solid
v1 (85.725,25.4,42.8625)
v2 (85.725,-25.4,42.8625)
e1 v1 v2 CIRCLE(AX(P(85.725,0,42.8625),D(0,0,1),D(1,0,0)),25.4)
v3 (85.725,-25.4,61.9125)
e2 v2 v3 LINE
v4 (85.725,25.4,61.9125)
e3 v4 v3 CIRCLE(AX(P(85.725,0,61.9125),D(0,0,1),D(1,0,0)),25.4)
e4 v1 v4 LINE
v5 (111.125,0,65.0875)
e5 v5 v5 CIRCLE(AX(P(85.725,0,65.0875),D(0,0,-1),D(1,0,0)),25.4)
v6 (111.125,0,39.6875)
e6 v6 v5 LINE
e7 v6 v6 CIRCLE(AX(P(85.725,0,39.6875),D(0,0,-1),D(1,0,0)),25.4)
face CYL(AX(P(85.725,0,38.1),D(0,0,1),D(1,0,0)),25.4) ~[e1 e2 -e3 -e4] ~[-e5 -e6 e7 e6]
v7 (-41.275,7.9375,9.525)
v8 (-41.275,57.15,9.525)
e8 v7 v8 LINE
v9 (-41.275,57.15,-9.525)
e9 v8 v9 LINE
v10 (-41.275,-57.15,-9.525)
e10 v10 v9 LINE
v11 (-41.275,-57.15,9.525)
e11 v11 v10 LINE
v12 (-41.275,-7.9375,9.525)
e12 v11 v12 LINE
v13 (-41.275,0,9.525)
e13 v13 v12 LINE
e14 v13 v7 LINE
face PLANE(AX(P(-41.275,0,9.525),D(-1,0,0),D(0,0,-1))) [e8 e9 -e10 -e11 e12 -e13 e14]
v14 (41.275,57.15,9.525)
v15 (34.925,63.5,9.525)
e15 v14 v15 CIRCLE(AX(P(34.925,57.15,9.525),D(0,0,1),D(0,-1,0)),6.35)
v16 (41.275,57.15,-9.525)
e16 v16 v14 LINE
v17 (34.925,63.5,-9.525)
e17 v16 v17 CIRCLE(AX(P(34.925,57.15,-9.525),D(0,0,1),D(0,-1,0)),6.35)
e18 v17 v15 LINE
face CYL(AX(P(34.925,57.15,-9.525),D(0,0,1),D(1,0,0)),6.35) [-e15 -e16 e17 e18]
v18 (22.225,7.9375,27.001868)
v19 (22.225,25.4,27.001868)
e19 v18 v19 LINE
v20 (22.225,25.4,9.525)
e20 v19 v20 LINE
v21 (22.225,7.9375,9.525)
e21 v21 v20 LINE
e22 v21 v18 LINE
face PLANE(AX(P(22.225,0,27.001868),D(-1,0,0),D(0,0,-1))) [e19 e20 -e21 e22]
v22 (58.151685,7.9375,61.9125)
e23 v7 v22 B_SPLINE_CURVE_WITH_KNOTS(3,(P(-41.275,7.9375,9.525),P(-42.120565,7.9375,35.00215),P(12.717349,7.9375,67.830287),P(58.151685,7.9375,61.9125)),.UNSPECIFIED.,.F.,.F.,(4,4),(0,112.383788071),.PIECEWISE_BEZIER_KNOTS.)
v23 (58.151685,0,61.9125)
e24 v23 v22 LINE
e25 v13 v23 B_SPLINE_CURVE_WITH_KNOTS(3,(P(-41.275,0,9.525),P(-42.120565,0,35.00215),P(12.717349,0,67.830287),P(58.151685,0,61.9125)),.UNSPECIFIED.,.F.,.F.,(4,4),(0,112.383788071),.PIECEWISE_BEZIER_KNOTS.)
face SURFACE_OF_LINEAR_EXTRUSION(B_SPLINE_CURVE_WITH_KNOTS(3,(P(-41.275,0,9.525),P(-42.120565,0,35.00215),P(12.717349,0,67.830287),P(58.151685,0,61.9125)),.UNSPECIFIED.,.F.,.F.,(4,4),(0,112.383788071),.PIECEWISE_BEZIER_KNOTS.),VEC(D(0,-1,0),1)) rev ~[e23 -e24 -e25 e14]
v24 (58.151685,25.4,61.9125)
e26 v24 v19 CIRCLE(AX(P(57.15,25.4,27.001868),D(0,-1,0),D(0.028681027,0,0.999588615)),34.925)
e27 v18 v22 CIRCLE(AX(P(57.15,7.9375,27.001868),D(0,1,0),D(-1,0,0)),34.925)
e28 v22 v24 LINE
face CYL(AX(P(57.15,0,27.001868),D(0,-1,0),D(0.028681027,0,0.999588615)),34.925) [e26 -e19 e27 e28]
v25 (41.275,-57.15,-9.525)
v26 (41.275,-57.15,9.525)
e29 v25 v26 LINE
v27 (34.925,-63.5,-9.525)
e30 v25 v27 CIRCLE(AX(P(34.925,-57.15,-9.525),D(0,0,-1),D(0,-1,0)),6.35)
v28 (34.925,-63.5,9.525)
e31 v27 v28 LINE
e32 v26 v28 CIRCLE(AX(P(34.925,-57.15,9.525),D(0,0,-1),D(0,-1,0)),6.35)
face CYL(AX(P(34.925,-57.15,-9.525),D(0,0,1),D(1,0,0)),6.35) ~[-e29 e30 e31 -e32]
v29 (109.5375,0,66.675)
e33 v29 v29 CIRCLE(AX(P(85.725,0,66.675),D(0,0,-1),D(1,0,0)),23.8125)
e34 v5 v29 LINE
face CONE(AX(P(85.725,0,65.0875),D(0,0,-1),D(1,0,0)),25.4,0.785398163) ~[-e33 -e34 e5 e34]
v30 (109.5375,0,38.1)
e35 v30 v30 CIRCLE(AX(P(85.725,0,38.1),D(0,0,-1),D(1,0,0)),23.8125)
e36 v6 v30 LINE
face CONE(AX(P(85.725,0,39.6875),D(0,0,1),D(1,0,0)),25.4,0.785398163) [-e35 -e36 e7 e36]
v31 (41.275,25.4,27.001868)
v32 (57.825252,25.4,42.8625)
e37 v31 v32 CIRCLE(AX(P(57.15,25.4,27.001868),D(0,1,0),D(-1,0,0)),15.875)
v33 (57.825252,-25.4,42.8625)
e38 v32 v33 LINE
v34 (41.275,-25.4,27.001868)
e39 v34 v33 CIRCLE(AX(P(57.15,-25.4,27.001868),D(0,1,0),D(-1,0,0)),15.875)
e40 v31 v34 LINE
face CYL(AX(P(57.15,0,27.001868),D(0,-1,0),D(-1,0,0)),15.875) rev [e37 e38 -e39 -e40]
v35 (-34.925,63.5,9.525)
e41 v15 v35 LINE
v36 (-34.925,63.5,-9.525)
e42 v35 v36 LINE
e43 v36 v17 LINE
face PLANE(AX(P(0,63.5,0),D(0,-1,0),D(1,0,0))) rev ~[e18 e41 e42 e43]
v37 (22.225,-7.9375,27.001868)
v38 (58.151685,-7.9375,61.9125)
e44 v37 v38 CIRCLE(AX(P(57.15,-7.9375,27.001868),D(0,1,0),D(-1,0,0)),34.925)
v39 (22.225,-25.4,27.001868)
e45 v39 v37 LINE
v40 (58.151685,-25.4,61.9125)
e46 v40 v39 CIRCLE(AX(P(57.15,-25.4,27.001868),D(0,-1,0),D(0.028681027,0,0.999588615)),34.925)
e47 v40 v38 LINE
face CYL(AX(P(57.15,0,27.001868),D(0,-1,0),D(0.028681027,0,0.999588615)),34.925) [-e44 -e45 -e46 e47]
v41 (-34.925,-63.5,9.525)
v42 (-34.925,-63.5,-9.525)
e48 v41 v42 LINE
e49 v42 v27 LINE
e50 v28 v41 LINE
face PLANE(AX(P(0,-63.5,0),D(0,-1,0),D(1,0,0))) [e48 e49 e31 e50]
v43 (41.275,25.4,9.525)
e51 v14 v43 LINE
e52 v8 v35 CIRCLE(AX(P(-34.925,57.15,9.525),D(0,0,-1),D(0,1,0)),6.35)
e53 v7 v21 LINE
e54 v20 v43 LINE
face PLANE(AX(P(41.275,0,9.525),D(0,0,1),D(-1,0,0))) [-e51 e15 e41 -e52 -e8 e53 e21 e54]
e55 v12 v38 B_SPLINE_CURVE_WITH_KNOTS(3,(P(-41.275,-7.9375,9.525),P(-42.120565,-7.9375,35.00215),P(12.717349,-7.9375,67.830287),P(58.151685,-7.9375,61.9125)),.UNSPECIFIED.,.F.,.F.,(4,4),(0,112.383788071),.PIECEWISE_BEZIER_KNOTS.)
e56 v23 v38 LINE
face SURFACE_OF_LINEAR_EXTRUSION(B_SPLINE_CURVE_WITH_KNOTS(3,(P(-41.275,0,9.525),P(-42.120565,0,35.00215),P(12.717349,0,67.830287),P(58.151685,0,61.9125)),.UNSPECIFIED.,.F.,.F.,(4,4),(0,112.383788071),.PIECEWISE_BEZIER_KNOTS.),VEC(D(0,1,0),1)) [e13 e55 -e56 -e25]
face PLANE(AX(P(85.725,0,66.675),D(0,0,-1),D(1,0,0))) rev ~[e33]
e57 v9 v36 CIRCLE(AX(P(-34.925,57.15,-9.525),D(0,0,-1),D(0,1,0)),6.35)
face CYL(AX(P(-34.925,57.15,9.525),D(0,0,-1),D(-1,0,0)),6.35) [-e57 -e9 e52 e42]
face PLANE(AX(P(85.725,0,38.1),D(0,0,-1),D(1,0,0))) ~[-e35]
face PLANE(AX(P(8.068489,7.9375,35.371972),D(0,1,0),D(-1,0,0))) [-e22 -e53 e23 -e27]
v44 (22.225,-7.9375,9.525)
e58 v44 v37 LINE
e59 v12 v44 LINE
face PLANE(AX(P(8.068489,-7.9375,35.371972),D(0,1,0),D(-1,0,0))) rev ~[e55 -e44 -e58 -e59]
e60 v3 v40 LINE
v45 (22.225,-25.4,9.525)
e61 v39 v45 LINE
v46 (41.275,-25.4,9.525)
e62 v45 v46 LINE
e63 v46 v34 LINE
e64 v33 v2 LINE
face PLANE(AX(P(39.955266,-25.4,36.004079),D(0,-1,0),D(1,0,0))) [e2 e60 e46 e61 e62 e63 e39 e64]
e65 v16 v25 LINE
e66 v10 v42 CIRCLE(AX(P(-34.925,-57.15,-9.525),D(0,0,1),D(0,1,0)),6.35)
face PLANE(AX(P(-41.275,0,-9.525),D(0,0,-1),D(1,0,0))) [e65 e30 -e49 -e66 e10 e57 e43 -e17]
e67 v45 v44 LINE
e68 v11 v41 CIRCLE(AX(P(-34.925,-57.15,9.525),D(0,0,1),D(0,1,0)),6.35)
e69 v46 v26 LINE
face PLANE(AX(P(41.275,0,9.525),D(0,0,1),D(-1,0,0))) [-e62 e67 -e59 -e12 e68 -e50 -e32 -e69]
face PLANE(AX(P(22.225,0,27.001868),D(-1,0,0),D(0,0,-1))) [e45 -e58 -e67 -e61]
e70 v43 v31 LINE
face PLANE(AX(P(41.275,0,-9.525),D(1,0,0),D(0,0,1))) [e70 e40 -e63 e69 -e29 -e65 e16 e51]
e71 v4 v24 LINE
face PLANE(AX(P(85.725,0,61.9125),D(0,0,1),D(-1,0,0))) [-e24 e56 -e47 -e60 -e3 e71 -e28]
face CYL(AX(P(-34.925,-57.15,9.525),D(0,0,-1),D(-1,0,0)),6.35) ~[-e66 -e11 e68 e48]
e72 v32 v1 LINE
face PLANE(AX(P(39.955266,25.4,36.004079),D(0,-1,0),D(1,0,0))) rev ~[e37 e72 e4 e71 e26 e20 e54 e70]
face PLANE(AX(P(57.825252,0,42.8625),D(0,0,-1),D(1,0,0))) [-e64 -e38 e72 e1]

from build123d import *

# Parameters (mm, degrees)
F1_DEPTH = 63.5
F0_W     = 25.4
F0_H     = 19.05
F2_DEPTH = 25.4
F3_DEPTH = 7.9375
F5_R     = 6.35
F6_SIZE  = 1.5875


with BuildPart() as f1:
    # F0 (on Front) → F1 (new body, symmetric)
    with BuildSketch(Plane.XZ):
        Polygon((-41.275, -9.525), (41.275, -9.525), (41.275, 9.525), (22.225, 9.525), (-41.275, 9.525), align=None)
    extrude(amount=F1_DEPTH, both=True)

    # F0 (on Front) → F2 (join, symmetric)
    with BuildSketch(Plane.XZ):
        with BuildLine():
            Line((22.225, 9.525), (41.275, 9.525))
            Line((41.275, 9.525), (41.275, 27.0018676308))
            ThreePointArc((41.275, 27.0018676308), (46.1660118217, 38.4634394558), (57.8252524344, 42.8625))
            Line((57.8252524344, 42.8625), (60.325, 42.8625))
            Line((60.325, 42.8625), (60.325, 61.9125))
            Line((60.325, 61.9125), (58.151684873, 61.9125))
            ThreePointArc((58.151684873, 61.9125), (32.8110211717, 52.0492174826), (22.225, 27.0018676308))
            Line((22.225, 27.0018676308), (22.225, 9.525))
        make_face()
        with Locations((73.025, 52.3875)):
            Rectangle(F0_W, F0_H)
    extrude(amount=F2_DEPTH, both=True)

    # F0 (on Front) → F3 (join, symmetric)
    with BuildSketch(Plane.XZ):
        with BuildLine():
            add(Edge.make_bspline(
                [(-41.275, 9.525), (-42.120564729, 35.0021496415), (12.7173494548, 67.8302869201), (58.151684873, 61.9125)],
                knots=[0, 0, 0, 0, 112.3837880706, 112.3837880706, 112.3837880706, 112.3837880706], degree=3))
            Line((-41.275, 9.525), (22.225, 9.525))
            Line((22.225, 9.525), (22.225, 27.0018676308))
            ThreePointArc((22.225, 27.0018676308), (32.8110211717, 52.0492174826), (58.151684873, 61.9125))
        make_face()
    extrude(amount=F3_DEPTH, both=True)

    # F0 (on Front) → F4 (revolve)
    with BuildSketch(Plane.XZ):
        Polygon((85.725, 66.675), (85.725, 61.9125), (85.725, 42.8625), (85.725, 38.1), (111.125, 38.1), (111.125, 66.675), align=None)
    revolve(axis=Axis((85.725, 0, 52.3875), (0, 0, -1)))

    # F5
    f5_edges = [f1.edges().sort_by_distance(p)[0] for p in [
        (41.275, -63.5, 0),
        (41.275, 63.5, 0),
        (-41.275, -63.5, 0),
        (-41.275, 63.5, 0),
    ]]
    fillet(f5_edges, radius=F5_R)

    # F6
    f6_edges = [f1.edges().sort_by_distance(p)[0] for p in [
        (60.325, 0, 66.675),
        (60.325, 0, 38.1),
    ]]
    chamfer(f6_edges, length=F6_SIZE)


solid = f1.part
